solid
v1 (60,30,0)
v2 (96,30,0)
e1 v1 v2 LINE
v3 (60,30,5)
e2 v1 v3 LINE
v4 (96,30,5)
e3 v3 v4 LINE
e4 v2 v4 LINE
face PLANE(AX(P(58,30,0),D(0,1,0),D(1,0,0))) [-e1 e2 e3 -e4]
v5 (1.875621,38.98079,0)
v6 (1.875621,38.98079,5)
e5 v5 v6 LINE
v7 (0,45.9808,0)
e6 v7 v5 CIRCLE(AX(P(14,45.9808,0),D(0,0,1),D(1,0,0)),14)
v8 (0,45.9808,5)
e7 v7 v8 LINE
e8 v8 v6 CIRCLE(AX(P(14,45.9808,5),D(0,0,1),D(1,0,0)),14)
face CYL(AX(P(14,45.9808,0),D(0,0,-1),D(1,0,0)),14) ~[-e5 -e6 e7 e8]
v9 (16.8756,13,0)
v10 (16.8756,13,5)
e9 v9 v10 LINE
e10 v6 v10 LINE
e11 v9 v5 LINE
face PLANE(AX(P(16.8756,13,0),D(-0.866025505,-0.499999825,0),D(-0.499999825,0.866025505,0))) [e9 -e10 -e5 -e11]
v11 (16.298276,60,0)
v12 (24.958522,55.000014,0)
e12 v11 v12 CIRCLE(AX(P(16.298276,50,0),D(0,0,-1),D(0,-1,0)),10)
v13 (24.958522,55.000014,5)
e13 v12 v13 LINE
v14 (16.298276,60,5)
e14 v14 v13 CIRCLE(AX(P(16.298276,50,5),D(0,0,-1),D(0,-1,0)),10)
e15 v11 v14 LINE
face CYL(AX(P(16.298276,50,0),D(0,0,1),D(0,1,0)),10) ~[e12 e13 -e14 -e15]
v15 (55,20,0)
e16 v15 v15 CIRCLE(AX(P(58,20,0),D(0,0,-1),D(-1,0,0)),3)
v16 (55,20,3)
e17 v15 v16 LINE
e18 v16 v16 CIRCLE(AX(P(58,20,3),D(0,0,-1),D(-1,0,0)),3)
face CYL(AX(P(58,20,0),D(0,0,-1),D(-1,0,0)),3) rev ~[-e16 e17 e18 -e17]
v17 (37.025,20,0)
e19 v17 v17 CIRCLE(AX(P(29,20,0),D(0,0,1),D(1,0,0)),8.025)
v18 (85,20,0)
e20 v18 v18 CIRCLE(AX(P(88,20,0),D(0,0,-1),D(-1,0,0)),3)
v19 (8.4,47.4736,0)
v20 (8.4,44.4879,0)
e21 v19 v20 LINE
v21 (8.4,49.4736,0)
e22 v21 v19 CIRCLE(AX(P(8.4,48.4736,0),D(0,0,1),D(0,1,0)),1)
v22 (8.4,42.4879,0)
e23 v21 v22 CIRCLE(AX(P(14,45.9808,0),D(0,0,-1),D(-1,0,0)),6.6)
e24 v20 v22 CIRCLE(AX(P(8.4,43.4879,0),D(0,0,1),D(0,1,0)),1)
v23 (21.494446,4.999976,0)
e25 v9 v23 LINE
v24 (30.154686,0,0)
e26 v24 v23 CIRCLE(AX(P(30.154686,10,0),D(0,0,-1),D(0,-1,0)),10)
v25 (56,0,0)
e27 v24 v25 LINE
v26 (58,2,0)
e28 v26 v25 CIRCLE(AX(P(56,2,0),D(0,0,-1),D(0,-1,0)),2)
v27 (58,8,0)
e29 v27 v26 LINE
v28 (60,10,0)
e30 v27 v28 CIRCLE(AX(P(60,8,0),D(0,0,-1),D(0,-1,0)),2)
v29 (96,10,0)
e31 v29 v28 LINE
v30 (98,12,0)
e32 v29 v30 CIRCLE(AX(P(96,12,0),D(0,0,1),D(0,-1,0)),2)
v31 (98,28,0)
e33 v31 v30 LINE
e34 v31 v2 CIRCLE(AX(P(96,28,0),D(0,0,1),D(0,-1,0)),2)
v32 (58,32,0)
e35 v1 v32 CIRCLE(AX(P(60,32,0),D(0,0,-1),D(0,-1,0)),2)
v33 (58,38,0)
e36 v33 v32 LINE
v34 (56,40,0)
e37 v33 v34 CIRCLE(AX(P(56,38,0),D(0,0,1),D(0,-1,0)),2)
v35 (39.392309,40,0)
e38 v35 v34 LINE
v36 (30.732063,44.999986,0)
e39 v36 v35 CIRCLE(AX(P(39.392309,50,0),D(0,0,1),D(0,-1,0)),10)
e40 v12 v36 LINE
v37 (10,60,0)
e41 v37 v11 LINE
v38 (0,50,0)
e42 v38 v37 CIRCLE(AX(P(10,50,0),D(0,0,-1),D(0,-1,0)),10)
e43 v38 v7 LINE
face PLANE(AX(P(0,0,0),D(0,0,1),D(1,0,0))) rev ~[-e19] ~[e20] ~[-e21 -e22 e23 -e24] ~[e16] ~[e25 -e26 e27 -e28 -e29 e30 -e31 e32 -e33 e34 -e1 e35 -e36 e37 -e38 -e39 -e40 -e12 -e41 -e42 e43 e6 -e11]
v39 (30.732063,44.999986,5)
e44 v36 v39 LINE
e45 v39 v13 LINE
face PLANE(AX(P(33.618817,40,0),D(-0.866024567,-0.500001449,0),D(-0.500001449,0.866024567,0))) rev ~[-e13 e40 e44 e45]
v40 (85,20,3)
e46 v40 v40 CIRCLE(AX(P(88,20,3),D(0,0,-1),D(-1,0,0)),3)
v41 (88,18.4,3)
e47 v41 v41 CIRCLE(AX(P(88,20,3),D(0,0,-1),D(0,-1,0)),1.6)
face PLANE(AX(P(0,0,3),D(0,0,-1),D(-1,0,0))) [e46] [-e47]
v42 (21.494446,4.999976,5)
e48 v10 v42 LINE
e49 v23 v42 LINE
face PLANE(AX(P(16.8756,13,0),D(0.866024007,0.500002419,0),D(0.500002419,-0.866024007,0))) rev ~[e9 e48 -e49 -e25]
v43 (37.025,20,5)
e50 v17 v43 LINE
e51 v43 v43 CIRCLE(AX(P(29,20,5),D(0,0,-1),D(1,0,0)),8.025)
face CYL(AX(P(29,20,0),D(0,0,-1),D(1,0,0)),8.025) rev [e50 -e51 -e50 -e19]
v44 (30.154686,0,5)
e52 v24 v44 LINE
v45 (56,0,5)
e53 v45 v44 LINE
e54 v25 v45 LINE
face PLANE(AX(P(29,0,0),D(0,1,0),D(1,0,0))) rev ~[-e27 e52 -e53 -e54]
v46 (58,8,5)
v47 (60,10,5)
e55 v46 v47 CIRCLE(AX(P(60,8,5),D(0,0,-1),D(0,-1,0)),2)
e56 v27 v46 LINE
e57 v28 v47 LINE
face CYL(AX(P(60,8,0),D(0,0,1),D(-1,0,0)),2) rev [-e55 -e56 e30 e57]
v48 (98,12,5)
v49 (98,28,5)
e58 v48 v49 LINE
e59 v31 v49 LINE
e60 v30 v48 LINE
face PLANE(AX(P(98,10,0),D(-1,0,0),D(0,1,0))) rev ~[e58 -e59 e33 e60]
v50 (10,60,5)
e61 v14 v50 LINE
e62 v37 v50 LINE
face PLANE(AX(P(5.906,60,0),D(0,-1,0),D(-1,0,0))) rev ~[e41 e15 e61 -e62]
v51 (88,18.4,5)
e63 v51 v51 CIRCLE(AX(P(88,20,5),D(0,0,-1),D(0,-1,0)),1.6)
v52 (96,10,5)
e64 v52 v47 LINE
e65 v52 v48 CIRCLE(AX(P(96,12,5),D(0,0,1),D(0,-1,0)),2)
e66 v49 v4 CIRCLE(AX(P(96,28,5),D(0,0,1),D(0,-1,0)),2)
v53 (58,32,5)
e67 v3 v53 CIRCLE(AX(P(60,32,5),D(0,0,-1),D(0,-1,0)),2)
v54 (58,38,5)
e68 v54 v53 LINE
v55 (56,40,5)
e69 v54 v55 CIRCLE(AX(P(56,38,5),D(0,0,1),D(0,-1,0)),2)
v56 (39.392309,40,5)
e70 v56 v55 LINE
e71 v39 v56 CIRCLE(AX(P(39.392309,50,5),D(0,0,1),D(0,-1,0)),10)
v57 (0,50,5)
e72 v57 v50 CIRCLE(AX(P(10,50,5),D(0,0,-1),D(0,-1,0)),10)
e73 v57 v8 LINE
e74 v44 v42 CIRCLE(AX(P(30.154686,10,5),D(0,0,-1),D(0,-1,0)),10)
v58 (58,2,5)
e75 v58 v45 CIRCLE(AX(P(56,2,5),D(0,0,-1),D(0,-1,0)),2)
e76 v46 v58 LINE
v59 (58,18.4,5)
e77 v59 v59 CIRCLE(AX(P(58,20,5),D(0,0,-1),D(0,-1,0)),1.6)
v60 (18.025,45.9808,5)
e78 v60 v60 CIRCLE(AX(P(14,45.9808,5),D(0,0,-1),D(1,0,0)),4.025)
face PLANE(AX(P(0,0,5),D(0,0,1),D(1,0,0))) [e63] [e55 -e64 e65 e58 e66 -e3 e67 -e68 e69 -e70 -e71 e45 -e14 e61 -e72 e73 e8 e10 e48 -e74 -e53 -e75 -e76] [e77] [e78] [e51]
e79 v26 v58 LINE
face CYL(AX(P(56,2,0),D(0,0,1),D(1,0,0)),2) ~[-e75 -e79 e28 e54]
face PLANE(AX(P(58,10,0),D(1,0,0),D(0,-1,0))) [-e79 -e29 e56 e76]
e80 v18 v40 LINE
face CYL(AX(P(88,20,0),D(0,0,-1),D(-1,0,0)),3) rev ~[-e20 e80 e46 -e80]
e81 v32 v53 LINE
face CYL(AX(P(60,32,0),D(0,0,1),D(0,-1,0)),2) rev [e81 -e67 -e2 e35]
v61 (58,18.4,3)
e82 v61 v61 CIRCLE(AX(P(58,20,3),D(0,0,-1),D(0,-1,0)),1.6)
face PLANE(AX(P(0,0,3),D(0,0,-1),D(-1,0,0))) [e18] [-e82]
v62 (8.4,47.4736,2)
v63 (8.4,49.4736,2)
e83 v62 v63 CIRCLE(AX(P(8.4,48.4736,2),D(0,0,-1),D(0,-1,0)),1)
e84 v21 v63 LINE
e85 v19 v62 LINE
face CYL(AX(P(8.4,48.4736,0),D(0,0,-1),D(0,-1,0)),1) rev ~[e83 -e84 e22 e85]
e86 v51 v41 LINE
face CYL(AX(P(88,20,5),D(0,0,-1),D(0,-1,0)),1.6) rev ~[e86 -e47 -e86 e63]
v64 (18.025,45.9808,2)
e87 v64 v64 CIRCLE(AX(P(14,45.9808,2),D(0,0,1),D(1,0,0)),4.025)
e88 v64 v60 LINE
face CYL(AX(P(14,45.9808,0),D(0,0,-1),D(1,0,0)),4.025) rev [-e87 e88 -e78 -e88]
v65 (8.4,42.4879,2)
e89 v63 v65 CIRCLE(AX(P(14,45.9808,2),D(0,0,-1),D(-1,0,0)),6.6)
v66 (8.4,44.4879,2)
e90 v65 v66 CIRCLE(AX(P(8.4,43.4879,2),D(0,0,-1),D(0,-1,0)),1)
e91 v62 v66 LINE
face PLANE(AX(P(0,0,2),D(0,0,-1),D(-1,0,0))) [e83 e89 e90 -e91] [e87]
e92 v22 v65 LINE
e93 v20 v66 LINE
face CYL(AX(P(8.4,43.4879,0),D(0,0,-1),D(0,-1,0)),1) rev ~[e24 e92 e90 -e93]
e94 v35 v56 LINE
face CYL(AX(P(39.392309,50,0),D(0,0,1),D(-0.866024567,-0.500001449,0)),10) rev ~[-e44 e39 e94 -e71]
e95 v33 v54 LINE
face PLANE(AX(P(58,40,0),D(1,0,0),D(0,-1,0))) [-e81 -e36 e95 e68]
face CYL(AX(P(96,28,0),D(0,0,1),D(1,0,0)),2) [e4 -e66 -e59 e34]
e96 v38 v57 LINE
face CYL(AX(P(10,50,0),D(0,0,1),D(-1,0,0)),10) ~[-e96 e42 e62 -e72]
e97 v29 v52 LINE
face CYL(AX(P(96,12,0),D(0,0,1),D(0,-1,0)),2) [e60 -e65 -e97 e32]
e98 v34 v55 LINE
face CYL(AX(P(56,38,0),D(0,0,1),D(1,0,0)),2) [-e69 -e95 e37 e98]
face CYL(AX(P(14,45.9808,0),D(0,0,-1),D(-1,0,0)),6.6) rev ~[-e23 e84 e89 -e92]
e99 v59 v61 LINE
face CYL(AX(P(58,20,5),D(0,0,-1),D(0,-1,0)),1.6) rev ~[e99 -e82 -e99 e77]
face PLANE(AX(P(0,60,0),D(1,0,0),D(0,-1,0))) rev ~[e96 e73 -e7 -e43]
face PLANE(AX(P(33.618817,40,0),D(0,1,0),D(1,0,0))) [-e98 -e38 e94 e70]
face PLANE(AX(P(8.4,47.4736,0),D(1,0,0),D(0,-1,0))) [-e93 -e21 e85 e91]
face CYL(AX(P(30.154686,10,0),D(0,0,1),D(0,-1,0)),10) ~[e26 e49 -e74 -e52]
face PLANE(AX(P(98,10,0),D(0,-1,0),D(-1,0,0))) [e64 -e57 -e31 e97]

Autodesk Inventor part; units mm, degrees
ref_plane "YZ Plane" through (0, 0, 0) normal (1, 0, 0) x (0, 1, 0)
ref_plane "XZ Plane" through (0, 0, 0) normal (0, 1, 0) x (-1, 0, 0)
ref_plane "XY Plane" through (0, 0, 0) normal (0, 0, 1) x (1, 0, 0)
sketch "スケッチ1" plane through (0, 0, 0) normal (0, 0, 1) x (1, 0, 0)
  line L0 (0, 0) -> (98, 0)
  line L1 (98, 0) -> (98, 60)
  line L2 (98, 60) -> (0, 60)
  line L3 (0, 60) -> (0, 0)
  line L4 (98, 0) -> (29, 0)
  line L5 (29, 0) -> (29, 40)
  line L6 (29, 40) -> (98, 40)
  line L7 (98, 40) -> (98, 0)
  line L8 (29, 30) -> (98, 30)
  line L9 (98, 30) -> (98, 10)
  line L10 (98, 10) -> (29, 10)
  line L11 (29, 10) -> (29, 30)
  line L12 (98, 20) -> (0, 20)
  line L13 (29, 20) -> (5.906, 60)
  circle A0 centre (29, 20) radius 8.025
  circle A1 centre (14, 45.9808) radius 4.025
  line L14 (58, 40) -> (58, 0)
  line L15 (16.8756, 13) -> (-6.2184, 53)
  line L16 (41.1244, 27) -> (18.0303, 67)
  circle A2 centre (14, 45.9808) radius 14
  line L17 (16.8756, 13) -> (25.3526, -1.6825)
  point P0 (58, 30)
  point P1 (33.6188, 40)
  point P2 (22.0718, 60)
  point P3 (0, 45.9808)
  point P4 (1.8756, 38.9808)
  point P5 (24.3812, 0)
  point P6 (58, 0)
  point P7 (58, 10)
  dimension "d0" = 98
  dimension "d1" = 60
  dimension "d2" = 40
  dimension "d3" = 20
  dimension "d4" = 10
  dimension "d5" = 69
  dimension "d6" = 30
  dimension "d7" = 16.05
  dimension "d8" = 30
  dimension "d9" = 8.05
  dimension "d10" = 40
  dimension "d11" = 28
extrude "押し出し1" add sketch "スケッチ1" along normal blind 5 contours L5 L10 L14 L0 | L0 L17 L15 L12 A0 L5 | L5 A0 L12 L14 L10 | L14 L12 L1 L10 | L14 L8 L1 L12 | L12 A0 L5 L8 L14 | L15 A2 L13 A0 L12 | L8 L16 L6 L14 | A2 L13 A1 | A0 L13 A2 L16 L6 L5 | L8 L5 L6 L16 | L3 L2 L13 A2 | L13 A1 A2 | L13 L2 L16 A2
sketch "スケッチ2" plane through (0, 0, 5) normal (0, 0, 1) x (1, 0, 0)
  line L0 (98, 10) -> (98, 30) projected
  line L1 (98, 20) -> (47.1161, 20)
  point P0 (0, 0)
  point P1 (88, 20)
  point P2 (58, 20)
  dimension "d14" = 10
  dimension "d15" = 30
hole "穴1" at (88, 20, 5) at (58, 20, 5) direction (0, 0, -1) diameter 3.2 depth 10
fillet "フィレット1" radius 2 6 edges at (58, 40, 2.5) (58, 30, 2.5) (98, 30, 2.5) (98, 10, 2.5) (58, 0, 2.5) (58, 10, 2.5)
fillet "フィレット2" radius 10 4 edges at (24.3812, 0, 2.5) (0, 60, 2.5) (22.0718, 60, 2.5) (33.6188, 40, 2.5)
sketch "スケッチ5" plane through (0, 0, 0) normal (0, 0, -1) x (-1, 0, 0)
  circle A0 centre (-88, 20) radius 1.6 projected
  circle A1 centre (-88, 20) radius 3
  circle A2 centre (-58, 20) radius 1.6 projected
  circle A3 centre (-58, 20) radius 3
  point P0 (0, 0)
  dimension "d38" = 6
  dimension "d39" = 6
extrude "押し出し3" cut sketch "スケッチ5" against normal blind 3 contours A0 | A1 | A2 | A3
sketch "スケッチ6" plane through (0, 0, 0) normal (0, 0, -1) x (-1, 0, 0)
  circle A0 centre (-14, 45.9808) radius 4.025 projected
  circle A1 centre (-14, 45.9808) radius 6.6
  line L0 (-8.4, 49.4736) -> (-8.4, 42.4879)
  arc A2 (-8.4, 47.4736) -> (-8.4, 49.4736) centre (-8.4, 48.4736) ccw
  arc A3 (-8.4, 42.4879) -> (-8.4, 44.4879) centre (-8.4, 43.4879) ccw
  point P0 (0, 0)
  dimension "d42" = 13.2
  dimension "d45" = 5.6
  dimension "d46" = 1
  dimension "d47" = 0
  dimension "d48" = 0
  dimension "d49" = 1
extrude "押し出し4" cut sketch "スケッチ6" against normal blind 2 contours L0 A1 | A2 A1 | A1 A2 L0 | L0 A3 A1 | A1 A3
equation "\"d49\" = d46"
properties part number "RP_Calf-Link-cover-Inside-Right"
